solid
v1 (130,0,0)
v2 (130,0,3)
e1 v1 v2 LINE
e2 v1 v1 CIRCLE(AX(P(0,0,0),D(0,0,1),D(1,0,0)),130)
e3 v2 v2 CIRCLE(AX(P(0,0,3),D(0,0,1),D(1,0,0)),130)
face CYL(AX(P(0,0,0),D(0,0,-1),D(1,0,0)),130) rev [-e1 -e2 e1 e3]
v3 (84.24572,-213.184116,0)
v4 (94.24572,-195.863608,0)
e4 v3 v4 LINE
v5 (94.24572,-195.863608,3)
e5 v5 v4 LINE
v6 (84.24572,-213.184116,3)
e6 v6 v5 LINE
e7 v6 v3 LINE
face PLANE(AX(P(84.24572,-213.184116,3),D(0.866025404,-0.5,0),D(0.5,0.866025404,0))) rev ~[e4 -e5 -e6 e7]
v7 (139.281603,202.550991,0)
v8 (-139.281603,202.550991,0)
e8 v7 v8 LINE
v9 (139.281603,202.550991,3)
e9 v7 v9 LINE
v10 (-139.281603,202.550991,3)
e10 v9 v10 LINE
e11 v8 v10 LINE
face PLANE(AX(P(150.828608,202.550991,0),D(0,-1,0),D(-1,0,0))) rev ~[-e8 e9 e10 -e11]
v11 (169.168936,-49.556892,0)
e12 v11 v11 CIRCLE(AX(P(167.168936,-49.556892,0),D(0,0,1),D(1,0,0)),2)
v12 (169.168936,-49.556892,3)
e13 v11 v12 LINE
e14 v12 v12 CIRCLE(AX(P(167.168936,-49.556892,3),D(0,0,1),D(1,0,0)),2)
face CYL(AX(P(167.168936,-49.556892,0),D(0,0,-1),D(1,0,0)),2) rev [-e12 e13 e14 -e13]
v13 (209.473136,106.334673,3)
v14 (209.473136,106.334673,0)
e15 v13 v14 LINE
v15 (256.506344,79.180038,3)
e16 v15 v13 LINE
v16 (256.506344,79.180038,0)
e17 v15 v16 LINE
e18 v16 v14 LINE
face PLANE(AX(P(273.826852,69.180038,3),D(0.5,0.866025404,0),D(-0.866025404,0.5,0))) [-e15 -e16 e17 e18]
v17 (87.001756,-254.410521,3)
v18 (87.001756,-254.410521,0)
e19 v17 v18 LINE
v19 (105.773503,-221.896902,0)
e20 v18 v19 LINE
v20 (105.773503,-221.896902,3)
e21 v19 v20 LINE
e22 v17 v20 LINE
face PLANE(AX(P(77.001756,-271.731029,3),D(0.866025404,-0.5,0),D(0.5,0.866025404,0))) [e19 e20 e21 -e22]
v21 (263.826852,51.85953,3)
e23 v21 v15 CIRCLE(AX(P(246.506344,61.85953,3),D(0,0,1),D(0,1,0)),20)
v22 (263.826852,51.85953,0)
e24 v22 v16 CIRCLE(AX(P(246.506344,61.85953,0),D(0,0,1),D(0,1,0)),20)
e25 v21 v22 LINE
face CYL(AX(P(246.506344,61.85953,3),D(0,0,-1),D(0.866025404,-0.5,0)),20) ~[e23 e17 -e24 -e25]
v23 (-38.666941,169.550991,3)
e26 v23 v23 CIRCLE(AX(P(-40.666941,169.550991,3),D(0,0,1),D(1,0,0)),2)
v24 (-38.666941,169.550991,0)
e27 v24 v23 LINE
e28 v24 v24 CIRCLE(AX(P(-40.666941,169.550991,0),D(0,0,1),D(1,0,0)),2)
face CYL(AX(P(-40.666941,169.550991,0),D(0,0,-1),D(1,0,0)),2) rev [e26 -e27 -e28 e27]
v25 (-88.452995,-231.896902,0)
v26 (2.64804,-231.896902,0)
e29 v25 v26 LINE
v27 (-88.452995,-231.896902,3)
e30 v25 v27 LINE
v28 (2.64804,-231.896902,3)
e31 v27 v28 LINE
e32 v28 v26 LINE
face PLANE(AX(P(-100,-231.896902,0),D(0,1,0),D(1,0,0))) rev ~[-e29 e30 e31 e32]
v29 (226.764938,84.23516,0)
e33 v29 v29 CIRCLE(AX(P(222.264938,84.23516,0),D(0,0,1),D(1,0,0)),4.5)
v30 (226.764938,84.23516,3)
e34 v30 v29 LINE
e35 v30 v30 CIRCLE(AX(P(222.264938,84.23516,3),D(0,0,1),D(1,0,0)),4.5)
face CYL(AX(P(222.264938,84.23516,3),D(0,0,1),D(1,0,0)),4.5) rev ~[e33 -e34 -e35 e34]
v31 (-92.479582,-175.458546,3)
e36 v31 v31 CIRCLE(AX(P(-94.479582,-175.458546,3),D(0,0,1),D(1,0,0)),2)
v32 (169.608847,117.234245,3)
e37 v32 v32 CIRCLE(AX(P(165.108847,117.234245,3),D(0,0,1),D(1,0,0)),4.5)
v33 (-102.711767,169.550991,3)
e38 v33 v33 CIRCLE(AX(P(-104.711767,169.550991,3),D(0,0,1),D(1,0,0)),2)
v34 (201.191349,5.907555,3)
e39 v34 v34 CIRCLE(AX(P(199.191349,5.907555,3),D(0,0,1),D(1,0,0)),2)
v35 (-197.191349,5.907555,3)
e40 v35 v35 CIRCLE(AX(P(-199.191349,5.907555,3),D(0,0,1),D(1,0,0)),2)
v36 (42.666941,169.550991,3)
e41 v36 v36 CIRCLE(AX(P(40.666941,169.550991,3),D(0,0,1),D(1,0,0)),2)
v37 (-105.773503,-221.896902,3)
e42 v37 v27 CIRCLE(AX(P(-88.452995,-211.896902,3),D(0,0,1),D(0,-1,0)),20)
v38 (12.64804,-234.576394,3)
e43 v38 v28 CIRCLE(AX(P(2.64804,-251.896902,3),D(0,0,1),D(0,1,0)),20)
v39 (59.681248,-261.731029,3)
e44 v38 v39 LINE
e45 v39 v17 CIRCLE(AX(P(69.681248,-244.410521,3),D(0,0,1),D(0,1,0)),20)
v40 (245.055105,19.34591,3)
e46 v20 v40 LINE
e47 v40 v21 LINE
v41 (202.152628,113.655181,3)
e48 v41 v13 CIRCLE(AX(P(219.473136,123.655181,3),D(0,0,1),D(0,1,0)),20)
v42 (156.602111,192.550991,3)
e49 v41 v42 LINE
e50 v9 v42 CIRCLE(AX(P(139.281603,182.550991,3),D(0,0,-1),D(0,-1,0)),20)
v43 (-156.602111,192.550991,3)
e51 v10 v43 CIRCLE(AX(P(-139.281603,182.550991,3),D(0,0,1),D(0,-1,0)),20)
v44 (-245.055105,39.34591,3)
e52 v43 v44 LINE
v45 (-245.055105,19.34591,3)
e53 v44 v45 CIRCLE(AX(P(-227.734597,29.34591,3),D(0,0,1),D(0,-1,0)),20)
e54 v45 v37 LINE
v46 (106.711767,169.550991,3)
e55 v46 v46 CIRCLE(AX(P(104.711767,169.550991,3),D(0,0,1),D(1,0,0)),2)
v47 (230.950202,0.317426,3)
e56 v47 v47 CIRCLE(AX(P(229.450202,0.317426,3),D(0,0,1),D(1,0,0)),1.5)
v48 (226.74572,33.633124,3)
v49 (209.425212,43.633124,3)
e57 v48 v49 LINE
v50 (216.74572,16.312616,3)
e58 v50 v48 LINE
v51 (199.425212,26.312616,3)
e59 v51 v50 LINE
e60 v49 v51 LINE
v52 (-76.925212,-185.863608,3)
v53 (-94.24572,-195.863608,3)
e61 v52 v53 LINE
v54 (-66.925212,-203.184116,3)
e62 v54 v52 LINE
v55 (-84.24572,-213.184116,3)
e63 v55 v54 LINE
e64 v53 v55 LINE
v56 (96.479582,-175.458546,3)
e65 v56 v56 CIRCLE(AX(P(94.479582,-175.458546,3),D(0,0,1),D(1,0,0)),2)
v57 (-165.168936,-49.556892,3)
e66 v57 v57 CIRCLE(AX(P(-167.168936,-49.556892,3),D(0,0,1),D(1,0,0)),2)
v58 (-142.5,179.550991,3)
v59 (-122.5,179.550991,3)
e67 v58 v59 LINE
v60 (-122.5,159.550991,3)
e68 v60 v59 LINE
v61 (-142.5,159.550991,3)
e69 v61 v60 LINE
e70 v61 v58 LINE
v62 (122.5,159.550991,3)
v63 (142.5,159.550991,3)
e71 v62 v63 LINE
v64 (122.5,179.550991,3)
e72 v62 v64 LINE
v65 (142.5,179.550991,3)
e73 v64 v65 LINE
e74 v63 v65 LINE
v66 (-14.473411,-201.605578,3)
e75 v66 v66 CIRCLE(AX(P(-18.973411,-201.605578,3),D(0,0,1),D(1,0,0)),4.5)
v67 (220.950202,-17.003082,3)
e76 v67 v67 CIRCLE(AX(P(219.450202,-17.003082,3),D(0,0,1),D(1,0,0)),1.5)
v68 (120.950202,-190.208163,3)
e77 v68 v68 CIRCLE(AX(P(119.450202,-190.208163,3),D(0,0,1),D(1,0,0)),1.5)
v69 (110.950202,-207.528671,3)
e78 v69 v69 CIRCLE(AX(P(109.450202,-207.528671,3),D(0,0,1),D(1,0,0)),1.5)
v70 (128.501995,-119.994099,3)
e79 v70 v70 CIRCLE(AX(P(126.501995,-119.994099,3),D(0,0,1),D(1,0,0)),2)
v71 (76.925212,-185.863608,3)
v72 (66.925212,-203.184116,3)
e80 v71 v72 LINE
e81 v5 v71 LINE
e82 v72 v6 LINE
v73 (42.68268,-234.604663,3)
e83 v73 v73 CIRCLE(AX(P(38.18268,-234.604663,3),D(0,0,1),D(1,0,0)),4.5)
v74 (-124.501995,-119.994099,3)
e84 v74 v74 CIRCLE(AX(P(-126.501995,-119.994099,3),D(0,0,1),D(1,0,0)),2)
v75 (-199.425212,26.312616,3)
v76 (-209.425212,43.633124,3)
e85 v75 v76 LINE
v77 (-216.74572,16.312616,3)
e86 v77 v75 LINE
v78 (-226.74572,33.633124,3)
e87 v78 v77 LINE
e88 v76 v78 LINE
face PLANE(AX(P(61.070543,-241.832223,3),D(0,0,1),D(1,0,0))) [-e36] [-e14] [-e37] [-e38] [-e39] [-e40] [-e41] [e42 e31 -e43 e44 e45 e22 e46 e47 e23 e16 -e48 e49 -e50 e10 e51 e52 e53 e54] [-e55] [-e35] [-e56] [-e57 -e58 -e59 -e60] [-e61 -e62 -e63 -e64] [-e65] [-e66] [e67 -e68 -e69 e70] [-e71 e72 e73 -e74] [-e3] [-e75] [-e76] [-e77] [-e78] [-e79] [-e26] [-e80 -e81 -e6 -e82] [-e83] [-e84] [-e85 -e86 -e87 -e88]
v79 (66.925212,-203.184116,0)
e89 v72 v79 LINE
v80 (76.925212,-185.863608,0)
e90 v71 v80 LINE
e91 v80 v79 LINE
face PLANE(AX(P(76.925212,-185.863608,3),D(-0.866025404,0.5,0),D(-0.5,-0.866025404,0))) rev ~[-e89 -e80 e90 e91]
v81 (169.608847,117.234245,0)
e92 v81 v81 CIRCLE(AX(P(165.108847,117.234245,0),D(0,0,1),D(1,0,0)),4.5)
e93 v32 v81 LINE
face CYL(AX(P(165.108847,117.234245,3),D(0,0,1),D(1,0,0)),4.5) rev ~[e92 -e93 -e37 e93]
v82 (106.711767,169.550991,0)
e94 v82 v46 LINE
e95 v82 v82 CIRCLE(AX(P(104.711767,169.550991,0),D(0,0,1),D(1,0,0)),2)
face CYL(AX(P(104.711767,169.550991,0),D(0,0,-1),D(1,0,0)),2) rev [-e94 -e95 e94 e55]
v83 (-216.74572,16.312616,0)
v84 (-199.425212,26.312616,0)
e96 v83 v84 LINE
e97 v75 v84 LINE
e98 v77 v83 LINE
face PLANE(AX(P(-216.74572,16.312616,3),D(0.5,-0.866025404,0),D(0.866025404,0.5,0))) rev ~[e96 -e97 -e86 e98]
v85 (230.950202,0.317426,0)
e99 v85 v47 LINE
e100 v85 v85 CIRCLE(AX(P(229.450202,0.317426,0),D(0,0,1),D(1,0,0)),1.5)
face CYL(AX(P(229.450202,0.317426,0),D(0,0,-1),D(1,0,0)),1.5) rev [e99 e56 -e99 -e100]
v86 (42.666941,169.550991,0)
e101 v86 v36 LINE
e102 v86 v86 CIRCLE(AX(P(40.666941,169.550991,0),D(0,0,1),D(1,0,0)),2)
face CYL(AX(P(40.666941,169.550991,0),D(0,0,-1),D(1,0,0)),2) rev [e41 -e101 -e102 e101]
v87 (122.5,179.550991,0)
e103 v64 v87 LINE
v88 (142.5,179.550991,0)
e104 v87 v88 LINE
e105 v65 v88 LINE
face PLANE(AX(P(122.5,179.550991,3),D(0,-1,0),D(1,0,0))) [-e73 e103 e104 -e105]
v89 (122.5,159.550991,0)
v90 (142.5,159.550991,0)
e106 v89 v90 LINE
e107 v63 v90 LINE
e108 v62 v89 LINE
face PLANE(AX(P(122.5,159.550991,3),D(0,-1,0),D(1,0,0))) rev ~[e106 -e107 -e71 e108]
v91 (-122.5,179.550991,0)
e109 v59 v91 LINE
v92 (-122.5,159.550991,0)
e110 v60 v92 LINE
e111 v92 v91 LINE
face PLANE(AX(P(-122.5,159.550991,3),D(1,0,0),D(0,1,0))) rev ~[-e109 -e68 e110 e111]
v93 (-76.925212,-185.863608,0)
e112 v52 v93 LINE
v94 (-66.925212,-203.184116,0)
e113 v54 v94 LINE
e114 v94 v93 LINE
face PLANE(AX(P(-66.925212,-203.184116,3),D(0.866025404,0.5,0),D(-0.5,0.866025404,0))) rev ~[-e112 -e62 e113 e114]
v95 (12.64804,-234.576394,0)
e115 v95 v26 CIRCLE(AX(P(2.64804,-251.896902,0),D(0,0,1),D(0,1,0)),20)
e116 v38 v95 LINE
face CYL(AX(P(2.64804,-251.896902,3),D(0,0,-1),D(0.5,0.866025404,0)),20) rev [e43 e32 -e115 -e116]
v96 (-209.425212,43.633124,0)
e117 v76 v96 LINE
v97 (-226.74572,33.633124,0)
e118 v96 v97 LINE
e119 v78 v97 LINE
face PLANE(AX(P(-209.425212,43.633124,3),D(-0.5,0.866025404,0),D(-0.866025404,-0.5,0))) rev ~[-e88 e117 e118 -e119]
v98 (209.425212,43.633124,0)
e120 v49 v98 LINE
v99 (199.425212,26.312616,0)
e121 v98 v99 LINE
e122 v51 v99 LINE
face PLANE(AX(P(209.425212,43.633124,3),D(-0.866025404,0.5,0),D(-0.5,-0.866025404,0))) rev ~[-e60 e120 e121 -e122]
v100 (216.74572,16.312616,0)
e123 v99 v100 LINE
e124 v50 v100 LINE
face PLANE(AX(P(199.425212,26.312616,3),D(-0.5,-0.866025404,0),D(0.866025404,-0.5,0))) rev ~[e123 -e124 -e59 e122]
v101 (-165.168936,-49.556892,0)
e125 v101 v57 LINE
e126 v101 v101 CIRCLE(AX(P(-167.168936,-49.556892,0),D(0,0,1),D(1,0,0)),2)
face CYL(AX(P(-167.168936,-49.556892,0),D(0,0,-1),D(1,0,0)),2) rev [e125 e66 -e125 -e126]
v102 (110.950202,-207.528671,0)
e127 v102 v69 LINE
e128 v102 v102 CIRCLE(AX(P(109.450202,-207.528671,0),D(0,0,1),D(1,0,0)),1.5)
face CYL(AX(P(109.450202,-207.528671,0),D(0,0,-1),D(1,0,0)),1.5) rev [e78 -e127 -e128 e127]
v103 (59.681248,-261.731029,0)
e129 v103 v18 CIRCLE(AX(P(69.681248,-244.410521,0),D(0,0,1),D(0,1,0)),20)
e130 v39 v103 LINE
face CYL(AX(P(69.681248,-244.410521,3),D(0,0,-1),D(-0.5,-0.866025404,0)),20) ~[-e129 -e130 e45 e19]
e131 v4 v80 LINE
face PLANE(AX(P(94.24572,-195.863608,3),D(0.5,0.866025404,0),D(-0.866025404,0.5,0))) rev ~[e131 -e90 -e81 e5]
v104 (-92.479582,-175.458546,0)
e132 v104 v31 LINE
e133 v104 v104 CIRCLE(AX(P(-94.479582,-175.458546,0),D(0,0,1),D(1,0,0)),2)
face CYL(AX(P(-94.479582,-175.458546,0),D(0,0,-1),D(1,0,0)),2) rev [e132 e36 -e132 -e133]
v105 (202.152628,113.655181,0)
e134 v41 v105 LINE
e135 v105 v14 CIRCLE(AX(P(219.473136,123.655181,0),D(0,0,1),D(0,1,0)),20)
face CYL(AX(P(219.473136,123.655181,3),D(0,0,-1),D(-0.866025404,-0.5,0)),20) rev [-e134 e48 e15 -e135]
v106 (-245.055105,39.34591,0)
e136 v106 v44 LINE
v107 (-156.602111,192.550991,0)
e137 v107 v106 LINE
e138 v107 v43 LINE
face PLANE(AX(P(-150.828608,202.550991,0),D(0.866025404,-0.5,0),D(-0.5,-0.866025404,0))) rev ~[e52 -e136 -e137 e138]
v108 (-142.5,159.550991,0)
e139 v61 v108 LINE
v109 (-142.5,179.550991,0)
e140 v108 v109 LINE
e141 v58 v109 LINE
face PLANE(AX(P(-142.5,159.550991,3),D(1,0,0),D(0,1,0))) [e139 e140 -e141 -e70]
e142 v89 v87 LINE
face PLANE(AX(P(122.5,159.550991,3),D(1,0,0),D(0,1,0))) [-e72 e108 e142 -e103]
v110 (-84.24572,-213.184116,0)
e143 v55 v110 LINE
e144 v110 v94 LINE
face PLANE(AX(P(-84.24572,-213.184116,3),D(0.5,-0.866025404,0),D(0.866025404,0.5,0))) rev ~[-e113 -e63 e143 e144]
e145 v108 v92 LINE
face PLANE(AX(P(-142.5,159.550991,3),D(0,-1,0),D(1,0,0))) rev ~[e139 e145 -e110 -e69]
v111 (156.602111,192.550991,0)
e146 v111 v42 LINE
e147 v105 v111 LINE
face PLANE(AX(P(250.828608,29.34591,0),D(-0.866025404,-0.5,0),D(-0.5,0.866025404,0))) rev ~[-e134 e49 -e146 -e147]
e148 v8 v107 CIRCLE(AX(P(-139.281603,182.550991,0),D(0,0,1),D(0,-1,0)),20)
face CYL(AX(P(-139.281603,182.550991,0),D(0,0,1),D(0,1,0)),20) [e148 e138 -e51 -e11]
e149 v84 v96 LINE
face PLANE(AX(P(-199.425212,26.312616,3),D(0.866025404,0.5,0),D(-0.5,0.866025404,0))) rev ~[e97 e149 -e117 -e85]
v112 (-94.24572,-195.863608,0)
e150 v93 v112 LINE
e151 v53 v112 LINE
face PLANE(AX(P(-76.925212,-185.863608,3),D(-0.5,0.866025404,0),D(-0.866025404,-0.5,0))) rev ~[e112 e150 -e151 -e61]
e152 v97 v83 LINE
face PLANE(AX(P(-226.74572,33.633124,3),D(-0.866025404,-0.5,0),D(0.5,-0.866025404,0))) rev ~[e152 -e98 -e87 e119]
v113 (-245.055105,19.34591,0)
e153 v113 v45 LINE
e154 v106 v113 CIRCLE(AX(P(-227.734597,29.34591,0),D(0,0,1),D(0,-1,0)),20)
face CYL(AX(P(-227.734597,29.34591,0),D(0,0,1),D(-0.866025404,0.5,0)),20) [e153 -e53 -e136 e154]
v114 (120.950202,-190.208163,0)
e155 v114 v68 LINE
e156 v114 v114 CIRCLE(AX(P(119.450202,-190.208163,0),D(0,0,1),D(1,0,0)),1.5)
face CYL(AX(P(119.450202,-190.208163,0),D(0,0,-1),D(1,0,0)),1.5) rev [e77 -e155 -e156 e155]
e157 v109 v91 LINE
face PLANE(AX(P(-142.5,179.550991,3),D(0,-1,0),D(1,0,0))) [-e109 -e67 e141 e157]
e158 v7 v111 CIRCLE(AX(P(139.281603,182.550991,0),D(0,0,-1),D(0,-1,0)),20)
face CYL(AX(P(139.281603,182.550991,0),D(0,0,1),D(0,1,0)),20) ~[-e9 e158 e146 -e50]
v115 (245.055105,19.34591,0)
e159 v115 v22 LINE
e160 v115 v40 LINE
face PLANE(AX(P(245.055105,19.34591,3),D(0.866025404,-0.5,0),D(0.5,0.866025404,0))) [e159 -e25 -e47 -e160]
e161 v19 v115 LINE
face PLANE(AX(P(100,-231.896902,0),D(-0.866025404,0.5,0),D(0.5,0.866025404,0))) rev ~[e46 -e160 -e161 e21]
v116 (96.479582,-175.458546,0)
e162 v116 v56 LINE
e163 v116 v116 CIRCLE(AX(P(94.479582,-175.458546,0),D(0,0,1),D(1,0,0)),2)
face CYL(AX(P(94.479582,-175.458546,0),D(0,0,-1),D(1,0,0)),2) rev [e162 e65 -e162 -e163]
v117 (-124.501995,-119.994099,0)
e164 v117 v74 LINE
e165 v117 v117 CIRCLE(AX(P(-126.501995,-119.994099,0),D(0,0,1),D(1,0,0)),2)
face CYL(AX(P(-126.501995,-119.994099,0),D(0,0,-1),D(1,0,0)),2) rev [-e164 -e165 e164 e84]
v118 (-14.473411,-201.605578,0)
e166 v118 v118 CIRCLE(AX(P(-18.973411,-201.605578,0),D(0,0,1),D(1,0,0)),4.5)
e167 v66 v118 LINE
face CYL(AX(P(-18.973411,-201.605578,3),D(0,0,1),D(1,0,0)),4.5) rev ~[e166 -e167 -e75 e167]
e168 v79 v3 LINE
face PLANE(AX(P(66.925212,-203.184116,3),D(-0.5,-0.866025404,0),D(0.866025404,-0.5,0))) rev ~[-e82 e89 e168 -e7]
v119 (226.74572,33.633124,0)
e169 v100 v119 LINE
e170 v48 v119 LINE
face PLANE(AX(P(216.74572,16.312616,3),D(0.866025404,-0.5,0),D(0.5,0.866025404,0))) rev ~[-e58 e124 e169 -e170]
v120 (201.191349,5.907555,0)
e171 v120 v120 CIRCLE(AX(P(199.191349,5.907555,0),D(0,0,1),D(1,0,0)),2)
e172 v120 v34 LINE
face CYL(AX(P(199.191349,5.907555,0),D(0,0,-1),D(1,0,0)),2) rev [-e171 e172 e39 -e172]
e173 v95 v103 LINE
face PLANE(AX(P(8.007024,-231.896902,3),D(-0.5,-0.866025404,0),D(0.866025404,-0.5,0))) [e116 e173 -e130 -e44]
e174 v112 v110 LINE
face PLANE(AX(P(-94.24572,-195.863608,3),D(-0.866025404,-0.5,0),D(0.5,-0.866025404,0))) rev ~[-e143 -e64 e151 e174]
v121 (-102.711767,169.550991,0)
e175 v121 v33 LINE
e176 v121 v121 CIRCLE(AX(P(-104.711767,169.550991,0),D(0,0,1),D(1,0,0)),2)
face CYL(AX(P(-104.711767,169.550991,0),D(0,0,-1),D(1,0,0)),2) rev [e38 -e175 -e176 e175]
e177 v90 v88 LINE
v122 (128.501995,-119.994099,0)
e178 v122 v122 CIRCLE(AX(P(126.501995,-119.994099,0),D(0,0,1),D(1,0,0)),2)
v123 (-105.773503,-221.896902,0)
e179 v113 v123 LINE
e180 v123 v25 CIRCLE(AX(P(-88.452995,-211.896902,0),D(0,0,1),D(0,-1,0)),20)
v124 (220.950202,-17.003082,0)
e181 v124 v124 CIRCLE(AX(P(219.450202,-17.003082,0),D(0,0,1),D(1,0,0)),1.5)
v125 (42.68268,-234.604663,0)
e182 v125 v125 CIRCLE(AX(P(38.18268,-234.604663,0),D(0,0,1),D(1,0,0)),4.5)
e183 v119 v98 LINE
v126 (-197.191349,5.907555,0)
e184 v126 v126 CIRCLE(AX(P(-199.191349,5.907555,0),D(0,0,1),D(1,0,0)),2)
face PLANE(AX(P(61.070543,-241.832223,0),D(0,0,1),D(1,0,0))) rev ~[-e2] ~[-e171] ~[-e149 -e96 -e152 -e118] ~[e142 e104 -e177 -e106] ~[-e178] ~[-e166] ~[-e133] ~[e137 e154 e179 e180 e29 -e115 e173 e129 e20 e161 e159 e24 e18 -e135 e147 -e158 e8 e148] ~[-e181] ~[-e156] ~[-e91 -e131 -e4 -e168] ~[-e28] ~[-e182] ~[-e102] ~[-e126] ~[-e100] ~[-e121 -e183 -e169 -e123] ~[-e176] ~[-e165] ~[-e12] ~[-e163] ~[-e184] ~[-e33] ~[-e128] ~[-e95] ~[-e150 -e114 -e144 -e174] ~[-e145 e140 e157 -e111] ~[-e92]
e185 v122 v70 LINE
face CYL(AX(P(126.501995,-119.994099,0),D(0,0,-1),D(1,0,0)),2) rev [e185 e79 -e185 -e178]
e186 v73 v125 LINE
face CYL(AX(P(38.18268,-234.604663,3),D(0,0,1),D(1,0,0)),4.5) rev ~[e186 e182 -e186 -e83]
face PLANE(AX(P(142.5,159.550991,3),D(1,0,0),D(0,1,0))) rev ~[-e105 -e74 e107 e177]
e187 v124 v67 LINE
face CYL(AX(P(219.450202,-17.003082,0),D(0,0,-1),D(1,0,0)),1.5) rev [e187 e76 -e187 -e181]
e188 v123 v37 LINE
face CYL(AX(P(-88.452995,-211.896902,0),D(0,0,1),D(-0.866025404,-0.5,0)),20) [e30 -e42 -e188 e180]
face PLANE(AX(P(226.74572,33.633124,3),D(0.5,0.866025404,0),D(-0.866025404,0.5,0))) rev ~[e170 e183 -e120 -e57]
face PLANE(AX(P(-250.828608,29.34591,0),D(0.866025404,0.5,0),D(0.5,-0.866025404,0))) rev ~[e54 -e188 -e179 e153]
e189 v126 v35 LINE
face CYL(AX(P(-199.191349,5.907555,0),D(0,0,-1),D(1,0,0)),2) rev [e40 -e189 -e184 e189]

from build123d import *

# Parameters (mm, degrees)
SKETCH_1_R          = 130
SKETCH_1_R_2        = 2
SKETCH_1_R_3        = 1.5
EXTRUDE_1_DEPTH     = 3
SKETCH_8_W          = 20
SKETCH_8_H          = 20
CUT_EXTRUDE_4_DEPTH = 4
FILLET_2_R          = 20
EXTRUDE_2_DEPTH     = 3
FILLET_3_R          = 20
SKETCH_10_R         = 4.5
CUT_EXTRUDE_5_DEPTH = 3


with BuildPart() as part:
    # 草图1 → 凸台-拉伸1 (new body)
    with BuildSketch(Plane.XY):
        Polygon((150.828607906, 202.550991214), (-150.828607906, 202.550991214), (-250.828607906, 29.345910457), (-100, -231.89690167), (100, -231.89690167), (250.828607906, 29.345910457), align=None)
        Circle(SKETCH_1_R, mode=Mode.SUBTRACT)
        with Locations((-104.711767321, 169.550991214)):
            Circle(SKETCH_1_R_2, mode=Mode.SUBTRACT)
        with Locations((-40.666940629, 169.550991214)):
            Circle(SKETCH_1_R_2, mode=Mode.SUBTRACT)
        with Locations((40.666940629, 169.550991214)):
            Circle(SKETCH_1_R_2, mode=Mode.SUBTRACT)
        with Locations((104.711767321, 169.550991214)):
            Circle(SKETCH_1_R_2, mode=Mode.SUBTRACT)
        with Locations((94.479581967, -175.458546182)):
            Circle(SKETCH_1_R_2, mode=Mode.SUBTRACT)
        with Locations((126.501995314, -119.994099286)):
            Circle(SKETCH_1_R_2, mode=Mode.SUBTRACT)
        with Locations((167.168935942, -49.556891928)):
            Circle(SKETCH_1_R_2, mode=Mode.SUBTRACT)
        with Locations((199.191349289, 5.907554968)):
            Circle(SKETCH_1_R_2, mode=Mode.SUBTRACT)
        with Locations((-199.191349288, 5.907554969)):
            Circle(SKETCH_1_R_2, mode=Mode.SUBTRACT)
        with Locations((-167.168935942, -49.556891928)):
            Circle(SKETCH_1_R_2, mode=Mode.SUBTRACT)
        with Locations((-126.501995314, -119.994099285)):
            Circle(SKETCH_1_R_2, mode=Mode.SUBTRACT)
        with Locations((-94.479581968, -175.458546182)):
            Circle(SKETCH_1_R_2, mode=Mode.SUBTRACT)
        with Locations((109.450202338, -207.52867108)):
            Circle(SKETCH_1_R_3, mode=Mode.SUBTRACT)
        with Locations((119.450202338, -190.208163004)):
            Circle(SKETCH_1_R_3, mode=Mode.SUBTRACT)
        with Locations((219.450202338, -17.003082247)):
            Circle(SKETCH_1_R_3, mode=Mode.SUBTRACT)
        with Locations((229.450202338, 0.317425828)):
            Circle(SKETCH_1_R_3, mode=Mode.SUBTRACT)
    extrude(amount=EXTRUDE_1_DEPTH)

    # 草图8 → 切除-拉伸4 (cut, through all)
    with BuildSketch(Plane.XY.offset(3)):
        with Locations((-132.5, 169.550991214)):
            Rectangle(SKETCH_8_W, SKETCH_8_H)
        Polygon((-209.42521159, 43.633124432), (-226.745719666, 33.633124432), (-216.745719666, 16.312616357), (-199.42521159, 26.312616357), align=None)
        Polygon((-84.245719666, -213.184115646), (-66.92521159, -203.184115646), (-76.92521159, -185.86360757), (-94.245719666, -195.86360757), align=None)
        Polygon((66.92521159, -203.184115646), (84.245719666, -213.184115646), (94.245719666, -195.86360757), (76.92521159, -185.86360757), align=None)
        Polygon((209.42521159, 43.633124432), (199.42521159, 26.312616357), (216.745719666, 16.312616357), (226.745719666, 33.633124432), align=None)
        with Locations((132.5, 169.550991214)):
            Rectangle(SKETCH_8_W, SKETCH_8_H)
    extrude(amount=-CUT_EXTRUDE_4_DEPTH, mode=Mode.SUBTRACT)

    # 圆角2
    fillet_2_edges = [part.edges().sort_by_distance(p)[0] for p in [
        (-150.828607906, 202.550991214, 1.5),
        (150.828607906, 202.550991214, 1.5),
        (250.828607906, 29.345910457, 1.5),
        (100, -231.89690167, 1.5),
        (-100, -231.89690167, 1.5),
        (-250.828607906, 29.345910457, 1.5),
    ]]
    fillet(fillet_2_edges, radius=FILLET_2_R)

    # 草图9 → 凸台-拉伸2 (add)
    with BuildSketch(Plane.XY.offset(3)):
        with BuildLine():
            Line((88.452994616, -231.89690167), (8.007023849, -231.89690167))
            Line((8.007023849, -231.89690167), (77.001755962, -271.731028829))
            Line((77.001755962, -271.731028829), (105.773502692, -221.89690167))
            ThreePointArc((105.773502692, -221.89690167), (98.452994616, -229.217409746), (88.452994616, -231.89690167))
        make_face()
        with BuildLine():
            ThreePointArc((245.055105214, 39.345910457), (247.734597138, 29.345910457), (245.055105214, 19.345910457))
            Line((245.055105214, 19.345910457), (273.826851943, 69.180037615))
            Line((273.826851943, 69.180037615), (204.83211983, 109.014164773))
            Line((204.83211983, 109.014164773), (245.055105214, 39.345910457))
        make_face()
    extrude(amount=-EXTRUDE_2_DEPTH)

    # 圆角3
    fillet_3_edges = [part.edges().sort_by_distance(p)[0] for p in [
        (77.001755962, -271.731028829, 1.5),
        (8.007023849, -231.89690167, 1.5),
        (204.83211983, 109.014164773, 1.5),
        (273.826851943, 69.180037615, 1.5),
    ]]
    fillet(fillet_3_edges, radius=FILLET_3_R)

    # 草图10 → 切除-拉伸5 (cut)
    with BuildSketch(Plane.XY.offset(3)):
        with Locations((-18.973410903, -201.605578304)):
            Circle(SKETCH_10_R)
        with Locations((38.182680295, -234.604662943)):
            Circle(SKETCH_10_R)
        with Locations((165.108846905, 117.23424499)):
            Circle(SKETCH_10_R)
        with Locations((222.264938103, 84.235160351)):
            Circle(SKETCH_10_R)
    extrude(amount=-CUT_EXTRUDE_5_DEPTH, mode=Mode.SUBTRACT)


solid = part.part
